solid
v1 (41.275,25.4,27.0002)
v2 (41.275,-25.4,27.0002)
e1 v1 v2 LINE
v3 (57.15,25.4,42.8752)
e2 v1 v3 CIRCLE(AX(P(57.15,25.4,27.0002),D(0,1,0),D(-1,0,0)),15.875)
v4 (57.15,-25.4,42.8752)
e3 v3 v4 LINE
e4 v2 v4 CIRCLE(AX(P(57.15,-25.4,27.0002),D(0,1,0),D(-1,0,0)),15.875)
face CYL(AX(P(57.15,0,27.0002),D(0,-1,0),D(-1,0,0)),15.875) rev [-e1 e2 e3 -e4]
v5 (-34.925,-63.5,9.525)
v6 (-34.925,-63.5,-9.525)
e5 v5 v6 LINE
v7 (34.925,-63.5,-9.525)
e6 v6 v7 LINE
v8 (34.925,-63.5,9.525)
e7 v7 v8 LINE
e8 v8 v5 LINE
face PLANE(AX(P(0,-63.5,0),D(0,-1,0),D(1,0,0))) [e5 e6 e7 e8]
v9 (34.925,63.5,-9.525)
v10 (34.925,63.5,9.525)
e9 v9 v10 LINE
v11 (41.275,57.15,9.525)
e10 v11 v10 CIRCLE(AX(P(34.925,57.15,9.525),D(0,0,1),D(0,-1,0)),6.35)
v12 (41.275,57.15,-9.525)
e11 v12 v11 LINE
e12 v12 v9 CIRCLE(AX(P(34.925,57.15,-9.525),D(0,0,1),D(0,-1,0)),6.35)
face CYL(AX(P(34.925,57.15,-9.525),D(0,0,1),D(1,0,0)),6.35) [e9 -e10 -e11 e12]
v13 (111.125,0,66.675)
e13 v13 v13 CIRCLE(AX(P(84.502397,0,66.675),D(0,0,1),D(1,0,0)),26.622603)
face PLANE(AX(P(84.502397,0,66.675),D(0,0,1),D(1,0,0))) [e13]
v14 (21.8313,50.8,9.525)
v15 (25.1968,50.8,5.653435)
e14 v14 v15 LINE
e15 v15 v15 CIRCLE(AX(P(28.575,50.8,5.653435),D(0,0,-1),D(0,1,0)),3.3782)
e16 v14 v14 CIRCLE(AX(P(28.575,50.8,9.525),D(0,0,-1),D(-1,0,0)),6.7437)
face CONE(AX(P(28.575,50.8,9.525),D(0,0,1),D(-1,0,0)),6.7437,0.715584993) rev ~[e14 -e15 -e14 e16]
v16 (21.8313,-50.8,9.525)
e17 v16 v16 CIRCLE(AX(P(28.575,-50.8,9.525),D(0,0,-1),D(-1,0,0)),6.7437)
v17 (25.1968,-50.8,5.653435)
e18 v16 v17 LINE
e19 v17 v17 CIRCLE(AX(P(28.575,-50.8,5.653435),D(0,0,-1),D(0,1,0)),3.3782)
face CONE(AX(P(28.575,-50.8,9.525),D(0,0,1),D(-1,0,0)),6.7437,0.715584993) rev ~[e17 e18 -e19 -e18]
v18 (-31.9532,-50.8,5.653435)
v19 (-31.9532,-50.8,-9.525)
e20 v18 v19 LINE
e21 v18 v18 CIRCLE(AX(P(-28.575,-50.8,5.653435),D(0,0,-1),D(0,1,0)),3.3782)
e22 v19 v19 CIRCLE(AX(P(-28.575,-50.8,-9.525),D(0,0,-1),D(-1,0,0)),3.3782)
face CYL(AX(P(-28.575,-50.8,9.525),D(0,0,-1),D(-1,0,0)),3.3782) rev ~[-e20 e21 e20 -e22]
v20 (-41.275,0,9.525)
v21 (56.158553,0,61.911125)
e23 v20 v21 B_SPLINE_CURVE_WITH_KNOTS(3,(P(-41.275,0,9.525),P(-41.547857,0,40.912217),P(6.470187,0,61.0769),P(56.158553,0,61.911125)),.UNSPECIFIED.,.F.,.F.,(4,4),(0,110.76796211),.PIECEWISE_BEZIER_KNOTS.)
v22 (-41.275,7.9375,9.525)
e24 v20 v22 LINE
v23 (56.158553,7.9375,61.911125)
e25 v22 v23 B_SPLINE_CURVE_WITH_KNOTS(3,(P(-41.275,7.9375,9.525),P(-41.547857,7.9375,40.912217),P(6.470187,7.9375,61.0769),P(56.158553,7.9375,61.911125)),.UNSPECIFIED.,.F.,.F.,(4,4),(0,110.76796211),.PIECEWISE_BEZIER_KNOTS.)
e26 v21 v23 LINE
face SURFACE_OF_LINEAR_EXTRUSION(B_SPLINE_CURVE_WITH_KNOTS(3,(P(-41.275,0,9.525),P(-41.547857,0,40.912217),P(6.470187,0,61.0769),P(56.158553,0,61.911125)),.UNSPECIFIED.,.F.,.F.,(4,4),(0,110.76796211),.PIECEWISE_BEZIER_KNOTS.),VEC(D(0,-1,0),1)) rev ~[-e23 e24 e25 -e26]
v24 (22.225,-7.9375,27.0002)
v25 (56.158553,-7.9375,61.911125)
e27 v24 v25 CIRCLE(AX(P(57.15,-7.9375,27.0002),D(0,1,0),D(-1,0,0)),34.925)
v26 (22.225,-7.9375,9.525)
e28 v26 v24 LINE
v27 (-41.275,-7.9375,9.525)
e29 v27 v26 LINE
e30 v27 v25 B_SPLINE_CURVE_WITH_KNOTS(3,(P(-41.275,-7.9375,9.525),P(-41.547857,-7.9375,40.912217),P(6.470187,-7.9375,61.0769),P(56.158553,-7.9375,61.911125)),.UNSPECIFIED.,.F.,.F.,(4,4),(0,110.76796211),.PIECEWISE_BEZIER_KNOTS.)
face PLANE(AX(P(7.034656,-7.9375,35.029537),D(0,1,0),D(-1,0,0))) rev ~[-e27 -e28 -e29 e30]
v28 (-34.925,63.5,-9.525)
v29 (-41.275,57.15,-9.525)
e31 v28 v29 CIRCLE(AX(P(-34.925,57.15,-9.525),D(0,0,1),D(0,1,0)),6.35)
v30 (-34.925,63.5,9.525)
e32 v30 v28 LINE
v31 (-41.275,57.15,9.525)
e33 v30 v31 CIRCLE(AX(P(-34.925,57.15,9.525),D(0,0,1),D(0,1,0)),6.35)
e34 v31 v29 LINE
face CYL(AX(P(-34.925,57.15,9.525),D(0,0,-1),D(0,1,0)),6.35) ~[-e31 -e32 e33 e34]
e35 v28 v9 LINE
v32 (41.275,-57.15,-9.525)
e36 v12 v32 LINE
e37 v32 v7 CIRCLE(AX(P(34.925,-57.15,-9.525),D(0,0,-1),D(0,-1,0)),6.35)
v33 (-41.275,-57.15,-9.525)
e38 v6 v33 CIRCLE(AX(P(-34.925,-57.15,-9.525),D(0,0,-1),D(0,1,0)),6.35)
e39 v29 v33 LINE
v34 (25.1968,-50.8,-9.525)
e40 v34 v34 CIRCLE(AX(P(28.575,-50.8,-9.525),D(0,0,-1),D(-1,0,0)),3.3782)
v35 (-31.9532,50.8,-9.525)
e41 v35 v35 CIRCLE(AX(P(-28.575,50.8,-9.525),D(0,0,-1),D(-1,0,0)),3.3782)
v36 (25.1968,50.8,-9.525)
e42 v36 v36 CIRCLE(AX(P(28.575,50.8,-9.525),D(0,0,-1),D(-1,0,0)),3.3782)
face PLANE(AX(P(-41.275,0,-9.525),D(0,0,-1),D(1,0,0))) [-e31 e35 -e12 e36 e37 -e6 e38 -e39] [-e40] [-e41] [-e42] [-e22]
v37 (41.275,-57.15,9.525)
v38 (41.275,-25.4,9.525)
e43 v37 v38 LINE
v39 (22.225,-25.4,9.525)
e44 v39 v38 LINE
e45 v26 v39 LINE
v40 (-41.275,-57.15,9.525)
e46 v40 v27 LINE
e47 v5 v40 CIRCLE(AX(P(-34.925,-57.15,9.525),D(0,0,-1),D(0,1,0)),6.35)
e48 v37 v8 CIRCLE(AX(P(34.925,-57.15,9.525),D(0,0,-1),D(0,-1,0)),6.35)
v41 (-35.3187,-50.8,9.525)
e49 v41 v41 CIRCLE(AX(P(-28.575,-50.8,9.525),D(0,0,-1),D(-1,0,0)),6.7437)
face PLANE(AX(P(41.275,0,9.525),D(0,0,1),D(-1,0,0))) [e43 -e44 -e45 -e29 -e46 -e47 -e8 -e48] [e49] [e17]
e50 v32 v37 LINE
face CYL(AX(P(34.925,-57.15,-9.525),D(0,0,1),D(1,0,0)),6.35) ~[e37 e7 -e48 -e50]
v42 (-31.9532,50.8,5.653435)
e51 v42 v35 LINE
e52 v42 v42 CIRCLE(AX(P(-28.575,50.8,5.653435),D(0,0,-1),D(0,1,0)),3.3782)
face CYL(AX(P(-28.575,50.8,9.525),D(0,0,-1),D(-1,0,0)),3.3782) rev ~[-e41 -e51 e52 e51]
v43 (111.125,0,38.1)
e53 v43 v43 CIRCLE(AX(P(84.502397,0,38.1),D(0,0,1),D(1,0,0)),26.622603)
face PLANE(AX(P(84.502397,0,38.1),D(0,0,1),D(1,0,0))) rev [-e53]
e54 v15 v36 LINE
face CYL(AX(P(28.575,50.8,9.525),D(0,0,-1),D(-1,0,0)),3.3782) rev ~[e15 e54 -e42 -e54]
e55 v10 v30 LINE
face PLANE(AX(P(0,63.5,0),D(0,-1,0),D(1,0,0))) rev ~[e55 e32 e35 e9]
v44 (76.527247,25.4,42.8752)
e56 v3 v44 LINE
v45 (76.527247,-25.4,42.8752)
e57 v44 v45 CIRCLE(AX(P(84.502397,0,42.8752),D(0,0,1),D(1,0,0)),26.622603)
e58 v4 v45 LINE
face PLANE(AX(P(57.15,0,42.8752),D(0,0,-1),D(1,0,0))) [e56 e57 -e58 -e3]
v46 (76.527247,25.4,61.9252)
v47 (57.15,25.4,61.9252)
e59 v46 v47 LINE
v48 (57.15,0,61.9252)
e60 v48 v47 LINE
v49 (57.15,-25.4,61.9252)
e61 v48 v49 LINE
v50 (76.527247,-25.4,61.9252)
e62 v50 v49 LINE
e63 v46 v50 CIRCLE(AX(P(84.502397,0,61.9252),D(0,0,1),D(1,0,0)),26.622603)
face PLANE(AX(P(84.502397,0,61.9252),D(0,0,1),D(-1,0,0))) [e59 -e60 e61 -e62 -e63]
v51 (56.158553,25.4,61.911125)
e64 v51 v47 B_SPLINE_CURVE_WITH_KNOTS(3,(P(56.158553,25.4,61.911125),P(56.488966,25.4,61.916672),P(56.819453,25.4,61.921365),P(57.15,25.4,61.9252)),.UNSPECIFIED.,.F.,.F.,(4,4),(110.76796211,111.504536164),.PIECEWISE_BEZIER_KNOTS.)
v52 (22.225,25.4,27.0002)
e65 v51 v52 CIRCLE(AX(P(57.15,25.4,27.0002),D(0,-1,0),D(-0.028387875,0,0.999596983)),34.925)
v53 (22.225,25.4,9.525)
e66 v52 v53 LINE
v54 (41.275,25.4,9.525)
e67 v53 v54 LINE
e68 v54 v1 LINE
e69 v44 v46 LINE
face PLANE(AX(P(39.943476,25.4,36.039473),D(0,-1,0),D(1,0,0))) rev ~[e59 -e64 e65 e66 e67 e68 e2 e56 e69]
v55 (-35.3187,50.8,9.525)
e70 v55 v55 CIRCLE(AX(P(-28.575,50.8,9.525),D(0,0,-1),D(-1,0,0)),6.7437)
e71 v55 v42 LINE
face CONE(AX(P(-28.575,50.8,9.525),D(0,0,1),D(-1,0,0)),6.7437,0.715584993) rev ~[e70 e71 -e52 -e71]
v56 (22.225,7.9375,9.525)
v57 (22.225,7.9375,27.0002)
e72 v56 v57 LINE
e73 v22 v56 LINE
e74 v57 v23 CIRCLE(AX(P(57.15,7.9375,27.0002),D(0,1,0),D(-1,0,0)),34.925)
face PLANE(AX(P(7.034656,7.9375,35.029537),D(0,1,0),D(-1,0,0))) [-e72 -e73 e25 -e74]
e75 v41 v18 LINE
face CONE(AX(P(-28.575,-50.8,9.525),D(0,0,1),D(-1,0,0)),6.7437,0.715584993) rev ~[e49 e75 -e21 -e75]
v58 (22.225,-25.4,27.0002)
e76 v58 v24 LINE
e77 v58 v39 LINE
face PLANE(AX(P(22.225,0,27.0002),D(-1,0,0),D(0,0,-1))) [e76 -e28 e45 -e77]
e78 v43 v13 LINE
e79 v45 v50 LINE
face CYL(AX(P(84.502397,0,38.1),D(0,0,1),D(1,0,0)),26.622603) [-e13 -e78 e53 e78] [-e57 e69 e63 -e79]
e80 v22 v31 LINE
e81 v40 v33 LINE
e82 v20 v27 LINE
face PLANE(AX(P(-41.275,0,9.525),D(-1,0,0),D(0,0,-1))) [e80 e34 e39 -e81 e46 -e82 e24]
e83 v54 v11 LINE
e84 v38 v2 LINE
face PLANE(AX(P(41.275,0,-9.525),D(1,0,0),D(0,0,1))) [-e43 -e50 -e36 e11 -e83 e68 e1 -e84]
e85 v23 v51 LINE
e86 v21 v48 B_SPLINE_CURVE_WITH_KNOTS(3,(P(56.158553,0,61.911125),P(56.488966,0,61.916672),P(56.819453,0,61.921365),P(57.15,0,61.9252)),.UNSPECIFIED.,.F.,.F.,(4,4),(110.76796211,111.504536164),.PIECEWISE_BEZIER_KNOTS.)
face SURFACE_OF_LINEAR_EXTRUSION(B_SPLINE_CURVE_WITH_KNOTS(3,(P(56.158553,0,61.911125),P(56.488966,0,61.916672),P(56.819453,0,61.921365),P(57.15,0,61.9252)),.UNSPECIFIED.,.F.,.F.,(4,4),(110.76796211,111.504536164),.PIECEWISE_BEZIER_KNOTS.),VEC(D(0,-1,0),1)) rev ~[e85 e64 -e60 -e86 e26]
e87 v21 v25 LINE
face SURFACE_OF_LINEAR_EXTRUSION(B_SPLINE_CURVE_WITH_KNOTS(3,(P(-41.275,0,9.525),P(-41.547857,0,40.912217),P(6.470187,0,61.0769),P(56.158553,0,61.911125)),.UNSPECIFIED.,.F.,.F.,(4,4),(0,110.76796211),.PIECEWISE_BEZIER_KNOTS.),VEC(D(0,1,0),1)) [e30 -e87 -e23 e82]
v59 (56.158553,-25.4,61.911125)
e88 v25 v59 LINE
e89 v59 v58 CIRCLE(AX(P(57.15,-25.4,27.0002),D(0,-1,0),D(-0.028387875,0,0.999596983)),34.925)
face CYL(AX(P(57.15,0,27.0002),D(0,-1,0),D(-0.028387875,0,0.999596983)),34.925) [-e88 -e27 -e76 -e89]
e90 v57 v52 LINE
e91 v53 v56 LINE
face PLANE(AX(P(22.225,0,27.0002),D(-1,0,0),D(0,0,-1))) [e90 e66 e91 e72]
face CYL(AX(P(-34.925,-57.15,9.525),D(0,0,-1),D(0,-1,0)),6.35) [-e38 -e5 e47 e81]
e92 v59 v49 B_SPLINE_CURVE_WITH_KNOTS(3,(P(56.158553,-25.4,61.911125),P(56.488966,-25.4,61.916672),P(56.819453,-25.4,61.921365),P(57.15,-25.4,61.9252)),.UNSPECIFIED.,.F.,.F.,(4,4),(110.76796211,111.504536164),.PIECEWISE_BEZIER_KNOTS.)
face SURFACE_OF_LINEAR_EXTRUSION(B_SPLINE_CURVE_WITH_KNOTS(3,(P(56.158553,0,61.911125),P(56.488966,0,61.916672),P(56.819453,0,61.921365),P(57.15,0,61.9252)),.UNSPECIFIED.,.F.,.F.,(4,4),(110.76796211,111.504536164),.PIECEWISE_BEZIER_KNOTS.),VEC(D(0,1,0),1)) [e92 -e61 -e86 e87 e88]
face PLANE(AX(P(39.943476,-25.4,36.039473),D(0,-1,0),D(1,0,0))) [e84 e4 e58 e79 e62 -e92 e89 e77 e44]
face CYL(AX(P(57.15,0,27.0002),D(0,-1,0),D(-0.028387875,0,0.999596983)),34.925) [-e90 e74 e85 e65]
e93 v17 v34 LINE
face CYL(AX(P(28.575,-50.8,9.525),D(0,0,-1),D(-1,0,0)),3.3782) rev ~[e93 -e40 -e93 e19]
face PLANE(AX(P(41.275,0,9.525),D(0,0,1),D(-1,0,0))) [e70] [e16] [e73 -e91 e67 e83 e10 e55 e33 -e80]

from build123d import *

# Parameters (mm, degrees)
F1_DEPTH       = 63.5
F0_W           = 24.1773966307
F0_H           = 19.05
F2_DEPTH       = 25.4
F3_DEPTH       = 7.9375
F5_R           = 6.35
F7_D           = 6.7564
F7_CSINK_D     = 13.4874
F7_CSINK_ANGLE = 82


with BuildPart() as f1:
    # F0 (on Front) → F1 (new body, symmetric)
    with BuildSketch(Plane.XZ):
        Polygon((22.225, 9.525), (-41.275, 9.525), (-41.275, -9.525), (41.275, -9.525), (41.275, 9.525), align=None)
    extrude(amount=F1_DEPTH, both=True)

    # F0 (on Front) → F2 (join, symmetric)
    with BuildSketch(Plane.XZ):
        with BuildLine():
            Line((22.225, 27.0002), (22.225, 9.525))
            Line((22.225, 9.525), (41.275, 9.525))
            Line((41.275, 9.525), (41.275, 27.0002))
            ThreePointArc((41.275, 27.0002), (45.9246798487, 38.2255201513), (57.15, 42.8752))
            Line((57.15, 42.8752), (60.325, 42.8752))
            Line((60.325, 42.8752), (60.325, 61.9252))
            Line((60.325, 61.9252), (57.15, 61.9252))
            add(Edge.make_bspline(
                [(56.1585534781, 61.9111246339), (56.4889663623, 61.9166719821), (56.8194531057, 61.9213645655), (57.15, 61.9252)],
                knots=[110.7679621102, 110.7679621102, 110.7679621102, 110.7679621102, 111.5045361635, 111.5045361635, 111.5045361635, 111.5045361635], degree=3))
            ThreePointArc((56.1585534781, 61.9111246339), (32.1062193871, 51.3428514088), (22.225, 27.0002))
        make_face()
        with Locations((72.4136983154, 52.4002)):
            Rectangle(F0_W, F0_H)
    extrude(amount=F2_DEPTH, both=True)

    # F0 (on Front) → F3 (join, symmetric)
    with BuildSketch(Plane.XZ):
        with BuildLine():
            add(Edge.make_bspline(
                [(-41.275, 9.525), (-41.5478571248, 40.9122167506), (6.4701865541, 61.0768996786), (56.1585534781, 61.9111246339)],
                knots=[0, 0, 0, 0, 110.7679621102, 110.7679621102, 110.7679621102, 110.7679621102], degree=3))
            Line((-41.275, 9.525), (22.225, 9.525))
            Line((22.225, 9.525), (22.225, 27.0002))
            ThreePointArc((22.225, 27.0002), (32.1062193871, 51.3428514088), (56.1585534781, 61.9111246339))
        make_face()
    extrude(amount=F3_DEPTH, both=True)

    # F0 (on Front) → F4 (revolve)
    with BuildSketch(Plane.XZ):
        Polygon((84.5023966307, 66.675), (84.5023966307, 61.9252), (84.5023966307, 42.8752), (84.5023966307, 38.1), (111.125, 38.1), (111.125, 66.675), align=None)
    revolve(axis=Axis((84.5023966307, 0, 52.3875), (0, 0, 1)))

    # F5
    f5_edges = [f1.edges().sort_by_distance(p)[0] for p in [
        (-41.275, -63.5, 0),
        (41.275, -63.5, 0),
        (-41.275, 63.5, 0),
        (41.275, 63.5, 0),
    ]]
    fillet(f5_edges, radius=F5_R)

    # F7 (through all)
    with Locations(Plane.XY.offset(9.525)):
        with Locations((-28.575, 50.8), (28.575, 50.8), (-28.575, -50.8), (28.575, -50.8)):
            CounterSinkHole(F7_D / 2, F7_CSINK_D / 2, counter_sink_angle=F7_CSINK_ANGLE)


solid = f1.part
